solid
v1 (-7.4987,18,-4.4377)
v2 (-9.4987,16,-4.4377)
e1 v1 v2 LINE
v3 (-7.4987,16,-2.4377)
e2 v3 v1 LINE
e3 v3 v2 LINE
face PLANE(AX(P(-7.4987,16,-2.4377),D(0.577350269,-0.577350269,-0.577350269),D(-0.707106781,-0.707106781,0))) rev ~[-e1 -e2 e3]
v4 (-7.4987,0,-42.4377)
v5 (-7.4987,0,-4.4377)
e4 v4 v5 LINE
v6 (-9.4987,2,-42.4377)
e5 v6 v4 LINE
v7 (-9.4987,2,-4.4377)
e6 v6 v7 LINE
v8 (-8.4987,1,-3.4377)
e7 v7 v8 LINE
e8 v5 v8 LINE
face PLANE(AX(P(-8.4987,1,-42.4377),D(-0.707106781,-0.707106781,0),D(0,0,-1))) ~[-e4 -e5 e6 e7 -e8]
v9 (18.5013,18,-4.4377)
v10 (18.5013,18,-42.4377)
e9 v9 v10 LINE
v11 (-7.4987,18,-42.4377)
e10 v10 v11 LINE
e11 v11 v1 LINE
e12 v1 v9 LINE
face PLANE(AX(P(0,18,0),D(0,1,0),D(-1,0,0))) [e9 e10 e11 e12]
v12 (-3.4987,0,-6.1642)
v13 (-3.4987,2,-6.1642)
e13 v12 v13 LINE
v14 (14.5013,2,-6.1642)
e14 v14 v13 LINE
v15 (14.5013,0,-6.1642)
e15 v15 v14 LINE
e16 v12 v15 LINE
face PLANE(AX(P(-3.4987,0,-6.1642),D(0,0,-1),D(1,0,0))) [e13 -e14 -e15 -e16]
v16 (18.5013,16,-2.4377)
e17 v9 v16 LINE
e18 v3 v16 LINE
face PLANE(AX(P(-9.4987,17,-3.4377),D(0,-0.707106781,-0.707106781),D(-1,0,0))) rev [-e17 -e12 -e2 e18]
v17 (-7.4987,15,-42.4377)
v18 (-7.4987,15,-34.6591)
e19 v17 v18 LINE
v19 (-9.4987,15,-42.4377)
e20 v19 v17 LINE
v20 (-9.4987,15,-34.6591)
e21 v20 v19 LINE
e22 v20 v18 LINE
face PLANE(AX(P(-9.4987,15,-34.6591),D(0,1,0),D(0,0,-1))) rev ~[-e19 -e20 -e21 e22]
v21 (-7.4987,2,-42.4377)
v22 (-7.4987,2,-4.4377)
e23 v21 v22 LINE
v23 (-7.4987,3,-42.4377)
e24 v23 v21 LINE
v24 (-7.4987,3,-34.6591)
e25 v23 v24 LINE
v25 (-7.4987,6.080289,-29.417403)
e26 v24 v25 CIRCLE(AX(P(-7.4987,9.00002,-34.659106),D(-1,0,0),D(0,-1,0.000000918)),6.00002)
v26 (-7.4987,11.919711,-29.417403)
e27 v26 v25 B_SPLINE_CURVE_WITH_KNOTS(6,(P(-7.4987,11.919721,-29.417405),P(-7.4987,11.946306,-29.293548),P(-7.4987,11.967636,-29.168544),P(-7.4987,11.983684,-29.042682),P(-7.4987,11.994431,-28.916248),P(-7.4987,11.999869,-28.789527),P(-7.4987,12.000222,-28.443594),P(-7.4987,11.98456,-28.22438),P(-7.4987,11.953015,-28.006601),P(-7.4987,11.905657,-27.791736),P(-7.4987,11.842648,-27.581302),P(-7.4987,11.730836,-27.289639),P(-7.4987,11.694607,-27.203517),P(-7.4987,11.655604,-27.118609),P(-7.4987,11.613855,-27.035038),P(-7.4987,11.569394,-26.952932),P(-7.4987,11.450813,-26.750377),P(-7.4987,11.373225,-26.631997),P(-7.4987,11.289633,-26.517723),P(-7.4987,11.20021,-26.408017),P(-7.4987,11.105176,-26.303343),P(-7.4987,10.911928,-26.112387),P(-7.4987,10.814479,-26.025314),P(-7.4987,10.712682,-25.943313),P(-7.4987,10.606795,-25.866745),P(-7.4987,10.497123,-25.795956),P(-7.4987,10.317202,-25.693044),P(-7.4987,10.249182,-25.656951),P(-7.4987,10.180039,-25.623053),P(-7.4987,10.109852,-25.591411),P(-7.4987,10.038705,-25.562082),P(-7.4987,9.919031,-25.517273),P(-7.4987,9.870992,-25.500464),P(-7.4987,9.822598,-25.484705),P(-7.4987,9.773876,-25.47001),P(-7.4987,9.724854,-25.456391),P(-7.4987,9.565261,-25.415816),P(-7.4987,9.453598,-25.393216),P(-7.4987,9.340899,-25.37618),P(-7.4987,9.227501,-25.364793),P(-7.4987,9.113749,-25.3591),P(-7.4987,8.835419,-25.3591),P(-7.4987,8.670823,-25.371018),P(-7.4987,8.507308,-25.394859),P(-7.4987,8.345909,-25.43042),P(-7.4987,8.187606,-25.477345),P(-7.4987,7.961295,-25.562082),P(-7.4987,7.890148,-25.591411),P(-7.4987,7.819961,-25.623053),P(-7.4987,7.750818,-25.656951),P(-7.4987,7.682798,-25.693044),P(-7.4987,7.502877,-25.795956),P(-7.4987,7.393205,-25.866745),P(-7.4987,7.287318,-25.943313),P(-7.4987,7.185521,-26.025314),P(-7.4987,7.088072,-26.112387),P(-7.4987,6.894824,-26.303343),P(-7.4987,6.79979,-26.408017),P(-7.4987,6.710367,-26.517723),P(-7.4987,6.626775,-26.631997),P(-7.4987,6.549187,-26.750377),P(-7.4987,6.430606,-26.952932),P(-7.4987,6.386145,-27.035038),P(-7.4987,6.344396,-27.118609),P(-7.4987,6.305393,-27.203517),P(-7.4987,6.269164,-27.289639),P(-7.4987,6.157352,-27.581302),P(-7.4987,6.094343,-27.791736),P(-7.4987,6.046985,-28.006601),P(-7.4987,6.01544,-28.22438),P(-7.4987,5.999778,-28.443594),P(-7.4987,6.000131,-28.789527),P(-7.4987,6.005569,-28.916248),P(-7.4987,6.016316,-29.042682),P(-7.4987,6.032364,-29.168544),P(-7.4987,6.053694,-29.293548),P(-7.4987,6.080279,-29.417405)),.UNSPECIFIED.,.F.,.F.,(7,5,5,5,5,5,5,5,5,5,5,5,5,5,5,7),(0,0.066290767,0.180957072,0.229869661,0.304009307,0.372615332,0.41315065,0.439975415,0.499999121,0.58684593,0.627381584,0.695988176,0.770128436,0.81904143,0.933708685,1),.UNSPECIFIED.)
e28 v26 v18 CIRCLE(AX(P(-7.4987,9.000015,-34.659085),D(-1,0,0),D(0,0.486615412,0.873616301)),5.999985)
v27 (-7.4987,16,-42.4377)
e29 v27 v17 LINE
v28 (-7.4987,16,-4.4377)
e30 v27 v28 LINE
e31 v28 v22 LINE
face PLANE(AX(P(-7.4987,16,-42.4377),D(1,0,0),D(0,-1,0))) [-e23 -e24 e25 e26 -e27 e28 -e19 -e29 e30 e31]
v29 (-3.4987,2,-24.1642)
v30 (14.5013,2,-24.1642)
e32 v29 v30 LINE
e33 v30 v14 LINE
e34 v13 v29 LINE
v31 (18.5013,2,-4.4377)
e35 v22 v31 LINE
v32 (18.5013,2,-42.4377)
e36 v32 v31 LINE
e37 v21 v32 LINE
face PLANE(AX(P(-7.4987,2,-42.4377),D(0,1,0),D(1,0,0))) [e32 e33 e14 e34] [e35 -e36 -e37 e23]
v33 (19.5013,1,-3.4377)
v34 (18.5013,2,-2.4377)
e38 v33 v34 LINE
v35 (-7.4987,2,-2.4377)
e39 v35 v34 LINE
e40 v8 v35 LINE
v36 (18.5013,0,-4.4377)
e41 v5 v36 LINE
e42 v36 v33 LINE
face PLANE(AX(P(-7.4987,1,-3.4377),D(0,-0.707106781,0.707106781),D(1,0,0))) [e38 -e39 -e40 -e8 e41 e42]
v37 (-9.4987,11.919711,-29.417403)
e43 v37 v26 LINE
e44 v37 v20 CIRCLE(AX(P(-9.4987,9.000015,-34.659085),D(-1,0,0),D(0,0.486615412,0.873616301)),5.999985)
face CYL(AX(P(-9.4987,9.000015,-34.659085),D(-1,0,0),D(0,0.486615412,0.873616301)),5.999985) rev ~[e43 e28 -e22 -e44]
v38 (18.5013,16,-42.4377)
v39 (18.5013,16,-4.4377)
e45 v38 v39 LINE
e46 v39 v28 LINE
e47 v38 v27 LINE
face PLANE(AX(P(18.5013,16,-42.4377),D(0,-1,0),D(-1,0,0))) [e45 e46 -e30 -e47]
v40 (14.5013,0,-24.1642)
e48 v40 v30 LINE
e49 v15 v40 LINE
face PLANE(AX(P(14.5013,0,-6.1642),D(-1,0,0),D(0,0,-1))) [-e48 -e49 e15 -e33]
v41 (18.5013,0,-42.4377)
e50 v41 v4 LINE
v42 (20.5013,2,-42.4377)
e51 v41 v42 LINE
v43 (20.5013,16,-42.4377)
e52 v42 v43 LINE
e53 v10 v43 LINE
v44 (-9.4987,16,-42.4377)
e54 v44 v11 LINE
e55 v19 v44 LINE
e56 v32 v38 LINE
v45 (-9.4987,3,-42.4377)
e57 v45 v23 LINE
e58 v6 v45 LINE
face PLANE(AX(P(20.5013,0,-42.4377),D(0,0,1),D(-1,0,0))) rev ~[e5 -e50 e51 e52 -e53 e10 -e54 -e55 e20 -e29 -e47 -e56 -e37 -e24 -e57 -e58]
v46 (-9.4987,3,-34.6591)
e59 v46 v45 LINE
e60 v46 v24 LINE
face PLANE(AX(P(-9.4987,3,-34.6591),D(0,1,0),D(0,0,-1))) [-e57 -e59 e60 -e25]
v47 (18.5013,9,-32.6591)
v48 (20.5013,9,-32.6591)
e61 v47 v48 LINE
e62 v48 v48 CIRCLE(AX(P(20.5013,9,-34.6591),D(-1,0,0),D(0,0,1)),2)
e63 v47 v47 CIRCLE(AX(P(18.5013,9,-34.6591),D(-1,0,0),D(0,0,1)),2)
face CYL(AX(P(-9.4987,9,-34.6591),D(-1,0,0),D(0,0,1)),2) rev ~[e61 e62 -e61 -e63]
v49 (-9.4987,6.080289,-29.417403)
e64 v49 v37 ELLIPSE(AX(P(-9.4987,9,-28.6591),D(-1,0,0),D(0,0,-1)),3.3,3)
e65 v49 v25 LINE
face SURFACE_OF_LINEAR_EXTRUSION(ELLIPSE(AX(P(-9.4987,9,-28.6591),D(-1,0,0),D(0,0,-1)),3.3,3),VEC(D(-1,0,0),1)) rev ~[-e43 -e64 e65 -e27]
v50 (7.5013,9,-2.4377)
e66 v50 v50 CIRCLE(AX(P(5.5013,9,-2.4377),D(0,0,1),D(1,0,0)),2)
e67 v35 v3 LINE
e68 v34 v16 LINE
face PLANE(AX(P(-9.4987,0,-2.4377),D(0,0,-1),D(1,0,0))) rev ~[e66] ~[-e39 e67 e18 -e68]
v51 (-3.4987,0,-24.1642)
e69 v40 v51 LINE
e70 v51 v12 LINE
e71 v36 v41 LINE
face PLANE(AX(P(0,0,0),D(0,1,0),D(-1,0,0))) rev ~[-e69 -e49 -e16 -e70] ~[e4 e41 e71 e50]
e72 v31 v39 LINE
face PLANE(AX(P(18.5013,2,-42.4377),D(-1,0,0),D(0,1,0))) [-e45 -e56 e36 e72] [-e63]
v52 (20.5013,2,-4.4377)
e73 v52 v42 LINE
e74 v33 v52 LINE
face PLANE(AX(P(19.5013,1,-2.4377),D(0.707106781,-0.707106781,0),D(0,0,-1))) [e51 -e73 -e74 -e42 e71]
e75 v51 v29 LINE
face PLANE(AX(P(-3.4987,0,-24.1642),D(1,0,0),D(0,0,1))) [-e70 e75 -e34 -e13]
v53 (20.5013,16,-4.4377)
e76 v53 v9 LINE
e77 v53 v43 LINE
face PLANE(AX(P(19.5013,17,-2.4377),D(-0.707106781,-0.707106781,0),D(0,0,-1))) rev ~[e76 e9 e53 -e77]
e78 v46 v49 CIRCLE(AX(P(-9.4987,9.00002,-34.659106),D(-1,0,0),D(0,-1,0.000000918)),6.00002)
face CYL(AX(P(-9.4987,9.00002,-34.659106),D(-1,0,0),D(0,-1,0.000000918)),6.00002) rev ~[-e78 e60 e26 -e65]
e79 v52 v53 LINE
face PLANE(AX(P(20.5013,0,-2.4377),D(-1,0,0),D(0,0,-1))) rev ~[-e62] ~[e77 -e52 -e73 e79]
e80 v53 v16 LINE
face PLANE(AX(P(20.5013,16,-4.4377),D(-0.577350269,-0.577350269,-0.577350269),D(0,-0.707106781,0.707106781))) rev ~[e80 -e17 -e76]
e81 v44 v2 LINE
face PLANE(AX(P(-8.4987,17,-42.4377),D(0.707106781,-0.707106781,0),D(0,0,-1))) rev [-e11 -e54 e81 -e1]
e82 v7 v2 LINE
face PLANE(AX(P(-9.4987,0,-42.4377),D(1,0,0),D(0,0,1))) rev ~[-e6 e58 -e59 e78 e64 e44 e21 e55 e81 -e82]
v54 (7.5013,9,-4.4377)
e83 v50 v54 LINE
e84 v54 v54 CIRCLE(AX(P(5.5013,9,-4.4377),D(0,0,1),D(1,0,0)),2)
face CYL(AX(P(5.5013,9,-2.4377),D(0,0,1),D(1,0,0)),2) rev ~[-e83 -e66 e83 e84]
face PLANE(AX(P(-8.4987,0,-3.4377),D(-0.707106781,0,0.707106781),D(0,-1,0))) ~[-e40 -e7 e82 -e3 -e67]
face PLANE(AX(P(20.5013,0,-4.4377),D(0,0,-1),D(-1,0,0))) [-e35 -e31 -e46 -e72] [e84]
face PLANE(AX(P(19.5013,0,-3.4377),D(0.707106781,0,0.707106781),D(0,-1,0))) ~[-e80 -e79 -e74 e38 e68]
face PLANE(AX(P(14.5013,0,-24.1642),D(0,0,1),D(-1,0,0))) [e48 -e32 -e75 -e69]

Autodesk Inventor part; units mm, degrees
ref_plane "YZ Plane" through (0, 0, 0) normal (1, 0, 0) x (0, 1, 0)
ref_plane "XZ Plane" through (0, 0, 0) normal (0, 1, 0) x (-1, 0, 0)
ref_plane "XY Plane" through (0, 0, 0) normal (0, 0, 1) x (1, 0, 0)
sketch "Esboço1" plane through (0, 0, 0) normal (0, 1, 0) x (-1, 0, 0)
  line L0 (9.4987, -2.4377) -> (-20.5013, -2.4377)
  line L1 (-20.5013, -2.4377) -> (-20.5013, -42.4377)
  line L2 (-20.5013, -42.4377) -> (9.4987, -42.4377)
  line L3 (9.4987, -42.4377) -> (9.4987, -2.4377)
  point P0 (0, 0)
  dimension "d0" = 30
  dimension "d1" = 40
extrude "Extrusão1" add sketch "Esboço1" along normal blind 18
sketch "Esboço2" plane through (20.5013, 0, -42.4377) normal (0, 0, -1) x (-1, 0, 0)
  line L0 (28, 2) -> (2, 2)
  line L1 (2, 2) -> (2, 16)
  line L2 (2, 16) -> (28, 16)
  line L3 (28, 16) -> (28, 2)
  line L4 (0, 0) -> (30, 0) projected
  line L5 (0, 18) -> (30, 18) projected
  line L6 (0, 0) -> (0, 18) projected
  line L7 (30, 0) -> (30, 18) projected
  point P0 (20.5013, 0)
  dimension "d4" = 2
  dimension "d5" = 2
  dimension "d6" = 2
  dimension "d7" = 2
extrude "Extrusão2" cut sketch "Esboço2" against normal blind 38 contours L0 L1 L2 L3
chamfer "Chanfro1" distance 2 angle 45 7 edges at (-9.4987, 18, -22.4377) (-9.4987, 0, -22.4377) (5.5013, 18, -2.4377) (-9.4987, 9, -2.4377) (20.5013, 18, -22.4377) (20.5013, 9, -2.4377) (20.5013, 0, -22.4377)
chamfer "Chanfro2" distance 2 angle 45 1 edges at (5.5013, 0, -2.4377)
sketch "Esboço3" plane through (0, 0, 0) normal (0, -1, 0) x (1, 0, 0)
  line L0 (-3.4987, -6.1642) -> (14.5013, -6.1642)
  line L1 (14.5013, -6.1642) -> (14.5013, -24.1642)
  line L2 (14.5013, -24.1642) -> (-3.4987, -24.1642)
  line L3 (-3.4987, -24.1642) -> (-3.4987, -6.1642)
  line L4 (-7.4987, -42.4377) -> (-7.4987, -4.4377) projected
  point P0 (0, 0)
  dimension "d16" = 18
  dimension "d17" = 18
  dimension "d18" = 4
extrude "Extrusão3" cut sketch "Esboço3" against normal blind 5
sketch "Esboço4" plane through (-9.4987, 2, -42.4377) normal (-1, 0, 0) x (0, 0, 1)
  line L0 (0, 14) -> (38, 14) projected
  line L1 (7.7786, 13) -> (0, 13)
  line L2 (7.7786, 1) -> (0, 1)
  line L3 (0, 0) -> (0, 14) projected
  ellipse E0 centre (13.7786, 7) end of major axis (13.7786, 10) minor radius 3.3 (13.0203, 4.0803) -> (13.0203, 9.9197) ccw
  arc A0 (7.7786, 1) -> (13.0203, 4.0803) centre (7.7786, 7) ccw
  arc A1 (13.0203, 9.9197) -> (7.7786, 13) centre (7.7786, 7) ccw
  circle A2 centre (7.7786, 7) radius 2
  point P0 (42.4377, -2)
  dimension "d23" = 3.3
  dimension "d24" = 3
  dimension "d22" = 7
  dimension "d25" = 4
extrude "Extrusão4" cut sketch "Esboço4" against normal blind 5
sketch "Esboço5" plane through (-9.4987, 9, -34.6591) normal (-1, 0, 0) x (0, 0, 1)
  circle A0 centre (0, 0) radius 2 projected
  circle A1 centre (0, 0) radius 2
  point P0 (34.6591, -9)
extrude "Extrusão5" cut sketch "Esboço5" against normal blind 69
sketch "Esboço6" plane through (-7.4987, 16, -2.4377) normal (0, 0, 1) x (1, 0, 0)
  line L0 (0, -4) -> (0, -10) construction
  line L1 (0, -7) -> (26, -7) construction
  line L2 (26, -9) -> (26, -5) construction
  line L3 (22, -14) -> (4, -14) construction
  line L4 (13, -14) -> (13, 0) construction
  line L5 (26, 0) -> (0, 0) construction
  circle A0 centre (13, -7) radius 2
  point P0 (7.4987, -16)
  point P1 (0, -9.9197)
  point P2 (0, -4.0803)
  dimension "d30" = 4
extrude "Extrusão6" cut sketch "Esboço6" against normal blind 10
properties part number "Pernotta"
